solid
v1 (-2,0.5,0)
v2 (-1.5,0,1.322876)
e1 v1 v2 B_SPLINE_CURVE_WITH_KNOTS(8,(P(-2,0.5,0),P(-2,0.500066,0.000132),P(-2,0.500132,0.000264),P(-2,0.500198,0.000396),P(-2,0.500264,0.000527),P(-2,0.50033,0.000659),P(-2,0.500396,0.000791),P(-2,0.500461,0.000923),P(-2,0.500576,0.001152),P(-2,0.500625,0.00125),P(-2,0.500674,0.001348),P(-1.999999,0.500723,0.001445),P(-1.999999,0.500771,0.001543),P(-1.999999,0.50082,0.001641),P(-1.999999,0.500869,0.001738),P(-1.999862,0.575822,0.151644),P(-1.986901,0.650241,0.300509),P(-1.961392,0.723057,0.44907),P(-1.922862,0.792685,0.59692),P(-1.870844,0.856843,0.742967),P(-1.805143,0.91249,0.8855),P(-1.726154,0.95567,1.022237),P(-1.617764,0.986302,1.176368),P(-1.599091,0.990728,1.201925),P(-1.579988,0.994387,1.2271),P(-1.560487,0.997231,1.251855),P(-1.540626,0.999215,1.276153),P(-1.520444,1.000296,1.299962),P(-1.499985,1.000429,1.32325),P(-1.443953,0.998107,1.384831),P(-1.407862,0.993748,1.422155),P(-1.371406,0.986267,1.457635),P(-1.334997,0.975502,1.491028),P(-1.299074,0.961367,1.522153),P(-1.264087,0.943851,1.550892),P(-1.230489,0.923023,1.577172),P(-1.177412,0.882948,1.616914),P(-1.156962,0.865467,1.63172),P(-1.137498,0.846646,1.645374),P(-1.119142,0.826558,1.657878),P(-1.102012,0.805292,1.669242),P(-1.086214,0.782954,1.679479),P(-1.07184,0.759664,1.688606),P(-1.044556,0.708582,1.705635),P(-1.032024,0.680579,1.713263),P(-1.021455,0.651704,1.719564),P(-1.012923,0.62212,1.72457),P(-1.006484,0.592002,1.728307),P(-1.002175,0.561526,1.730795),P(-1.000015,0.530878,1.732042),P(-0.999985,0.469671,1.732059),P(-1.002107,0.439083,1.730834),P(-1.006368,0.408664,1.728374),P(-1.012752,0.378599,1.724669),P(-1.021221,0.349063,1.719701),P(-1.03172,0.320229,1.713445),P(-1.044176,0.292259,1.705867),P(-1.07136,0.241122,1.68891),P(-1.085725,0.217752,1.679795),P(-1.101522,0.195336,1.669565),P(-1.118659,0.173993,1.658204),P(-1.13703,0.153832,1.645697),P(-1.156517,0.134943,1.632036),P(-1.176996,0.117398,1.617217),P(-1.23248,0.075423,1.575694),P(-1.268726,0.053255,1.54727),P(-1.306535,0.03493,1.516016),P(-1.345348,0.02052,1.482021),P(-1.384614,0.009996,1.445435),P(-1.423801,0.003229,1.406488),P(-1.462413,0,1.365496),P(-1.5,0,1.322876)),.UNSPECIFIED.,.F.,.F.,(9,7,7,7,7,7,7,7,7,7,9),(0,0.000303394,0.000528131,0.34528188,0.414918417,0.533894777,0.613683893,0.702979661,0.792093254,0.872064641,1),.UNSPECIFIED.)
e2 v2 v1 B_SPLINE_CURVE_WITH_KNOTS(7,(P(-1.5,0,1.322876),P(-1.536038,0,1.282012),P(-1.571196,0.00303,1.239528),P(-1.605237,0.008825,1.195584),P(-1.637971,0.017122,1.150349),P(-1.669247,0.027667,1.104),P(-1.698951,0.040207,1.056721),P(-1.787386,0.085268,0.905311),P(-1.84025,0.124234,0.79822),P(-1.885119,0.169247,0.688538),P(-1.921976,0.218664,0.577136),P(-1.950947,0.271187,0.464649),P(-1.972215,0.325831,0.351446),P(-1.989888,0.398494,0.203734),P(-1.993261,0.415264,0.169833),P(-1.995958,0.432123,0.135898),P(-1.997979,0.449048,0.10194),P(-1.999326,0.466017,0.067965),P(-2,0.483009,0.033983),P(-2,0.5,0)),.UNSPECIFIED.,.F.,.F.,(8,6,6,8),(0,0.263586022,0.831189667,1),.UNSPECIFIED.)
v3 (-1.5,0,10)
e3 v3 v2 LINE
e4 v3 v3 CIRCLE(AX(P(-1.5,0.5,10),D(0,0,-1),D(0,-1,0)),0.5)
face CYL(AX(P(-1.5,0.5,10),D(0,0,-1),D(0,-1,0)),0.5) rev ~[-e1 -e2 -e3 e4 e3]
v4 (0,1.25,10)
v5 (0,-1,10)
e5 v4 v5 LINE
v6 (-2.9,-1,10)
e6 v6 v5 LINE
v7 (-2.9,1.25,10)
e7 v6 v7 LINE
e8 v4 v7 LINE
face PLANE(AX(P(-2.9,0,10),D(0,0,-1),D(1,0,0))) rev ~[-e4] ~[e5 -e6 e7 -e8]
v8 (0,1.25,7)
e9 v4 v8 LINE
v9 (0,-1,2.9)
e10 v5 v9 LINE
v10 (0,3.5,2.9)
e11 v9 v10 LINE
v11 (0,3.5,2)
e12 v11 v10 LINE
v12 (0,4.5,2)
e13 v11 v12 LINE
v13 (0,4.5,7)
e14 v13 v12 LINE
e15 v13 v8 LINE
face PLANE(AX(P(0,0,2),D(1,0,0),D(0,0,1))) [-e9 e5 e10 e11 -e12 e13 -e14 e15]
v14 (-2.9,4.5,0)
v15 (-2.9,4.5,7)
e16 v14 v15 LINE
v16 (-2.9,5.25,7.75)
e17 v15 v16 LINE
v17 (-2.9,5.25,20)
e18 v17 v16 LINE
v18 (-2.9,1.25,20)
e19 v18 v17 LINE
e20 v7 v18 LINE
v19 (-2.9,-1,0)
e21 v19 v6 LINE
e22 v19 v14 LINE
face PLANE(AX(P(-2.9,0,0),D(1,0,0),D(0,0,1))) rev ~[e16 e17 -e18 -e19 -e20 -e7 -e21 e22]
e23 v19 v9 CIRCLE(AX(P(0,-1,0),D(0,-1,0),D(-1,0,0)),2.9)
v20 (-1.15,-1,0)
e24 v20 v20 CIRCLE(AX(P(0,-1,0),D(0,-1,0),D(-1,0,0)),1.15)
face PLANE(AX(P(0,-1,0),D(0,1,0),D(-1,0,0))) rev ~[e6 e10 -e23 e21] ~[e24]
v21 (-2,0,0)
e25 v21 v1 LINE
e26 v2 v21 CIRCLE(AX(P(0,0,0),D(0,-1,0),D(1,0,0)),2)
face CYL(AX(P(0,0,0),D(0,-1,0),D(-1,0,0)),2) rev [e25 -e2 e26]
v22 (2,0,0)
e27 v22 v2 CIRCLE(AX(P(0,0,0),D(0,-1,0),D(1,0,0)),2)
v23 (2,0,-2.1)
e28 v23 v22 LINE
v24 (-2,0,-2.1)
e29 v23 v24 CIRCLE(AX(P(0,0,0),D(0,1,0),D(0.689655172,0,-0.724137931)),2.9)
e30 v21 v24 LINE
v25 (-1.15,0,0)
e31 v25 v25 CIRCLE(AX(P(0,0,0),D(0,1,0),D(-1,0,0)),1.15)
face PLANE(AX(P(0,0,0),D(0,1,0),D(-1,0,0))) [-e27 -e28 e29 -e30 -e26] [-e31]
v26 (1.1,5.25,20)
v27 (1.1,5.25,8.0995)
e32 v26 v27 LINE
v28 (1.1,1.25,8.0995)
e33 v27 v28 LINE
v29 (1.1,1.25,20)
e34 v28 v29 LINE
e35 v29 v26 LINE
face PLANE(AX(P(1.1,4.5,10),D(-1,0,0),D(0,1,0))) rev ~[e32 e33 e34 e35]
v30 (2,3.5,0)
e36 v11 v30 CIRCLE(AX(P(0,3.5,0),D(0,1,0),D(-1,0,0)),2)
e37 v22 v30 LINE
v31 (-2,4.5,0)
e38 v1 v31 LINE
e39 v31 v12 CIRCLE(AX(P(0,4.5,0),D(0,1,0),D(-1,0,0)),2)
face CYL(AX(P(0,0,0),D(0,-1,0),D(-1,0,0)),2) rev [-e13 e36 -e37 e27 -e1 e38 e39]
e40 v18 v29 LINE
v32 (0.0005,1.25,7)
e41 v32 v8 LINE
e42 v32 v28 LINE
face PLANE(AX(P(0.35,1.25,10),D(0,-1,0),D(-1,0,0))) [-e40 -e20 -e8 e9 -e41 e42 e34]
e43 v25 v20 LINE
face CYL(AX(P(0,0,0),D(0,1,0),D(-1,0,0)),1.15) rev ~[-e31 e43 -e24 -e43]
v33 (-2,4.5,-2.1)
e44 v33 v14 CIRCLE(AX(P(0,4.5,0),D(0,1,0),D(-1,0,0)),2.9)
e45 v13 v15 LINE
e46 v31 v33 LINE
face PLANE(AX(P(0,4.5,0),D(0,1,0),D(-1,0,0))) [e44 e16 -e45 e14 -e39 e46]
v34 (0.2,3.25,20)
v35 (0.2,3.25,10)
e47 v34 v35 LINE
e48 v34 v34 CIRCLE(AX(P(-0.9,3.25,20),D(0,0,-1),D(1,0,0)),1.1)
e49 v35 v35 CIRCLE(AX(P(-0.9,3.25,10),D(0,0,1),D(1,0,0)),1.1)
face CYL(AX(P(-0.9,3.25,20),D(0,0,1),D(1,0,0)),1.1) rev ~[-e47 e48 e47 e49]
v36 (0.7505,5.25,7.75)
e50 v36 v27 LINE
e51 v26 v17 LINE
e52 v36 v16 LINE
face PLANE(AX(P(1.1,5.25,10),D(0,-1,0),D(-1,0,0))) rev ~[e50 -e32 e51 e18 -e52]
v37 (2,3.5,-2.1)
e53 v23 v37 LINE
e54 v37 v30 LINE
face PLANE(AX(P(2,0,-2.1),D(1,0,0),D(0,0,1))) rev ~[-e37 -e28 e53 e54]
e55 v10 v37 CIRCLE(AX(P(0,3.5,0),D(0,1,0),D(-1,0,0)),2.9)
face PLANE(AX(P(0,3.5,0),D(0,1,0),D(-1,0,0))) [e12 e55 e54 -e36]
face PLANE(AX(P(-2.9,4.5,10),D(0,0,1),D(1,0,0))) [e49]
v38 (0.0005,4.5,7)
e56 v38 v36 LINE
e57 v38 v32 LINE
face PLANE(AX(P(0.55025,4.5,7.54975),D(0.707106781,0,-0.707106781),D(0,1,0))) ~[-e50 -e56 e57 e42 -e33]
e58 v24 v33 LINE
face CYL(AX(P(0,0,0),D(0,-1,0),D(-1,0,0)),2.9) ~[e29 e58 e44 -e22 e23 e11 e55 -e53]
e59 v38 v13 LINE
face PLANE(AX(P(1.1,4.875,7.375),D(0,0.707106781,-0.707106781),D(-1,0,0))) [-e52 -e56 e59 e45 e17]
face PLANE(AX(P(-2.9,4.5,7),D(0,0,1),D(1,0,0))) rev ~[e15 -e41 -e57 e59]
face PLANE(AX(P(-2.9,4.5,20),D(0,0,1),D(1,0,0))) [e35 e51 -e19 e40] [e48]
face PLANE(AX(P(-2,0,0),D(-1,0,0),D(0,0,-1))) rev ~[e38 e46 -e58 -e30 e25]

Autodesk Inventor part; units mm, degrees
ref_plane "YZ Plane" through (0, 0, 0) normal (1, 0, 0) x (0, 1, 0)
ref_plane "XZ Plane" through (0, 0, 0) normal (0, 1, 0) x (-1, 0, 0)
ref_plane "XY Plane" through (0, 0, 0) normal (0, 0, 1) x (1, 0, 0)
sketch "スケッチ1" plane through (0, 0, 0) normal (0, 1, 0) x (-1, 0, 0)
  circle A0 centre (0, 0) radius 1.15
  circle A1 centre (0, 0) radius 2
  circle A2 centre (0, 0) radius 2.9
  line L0 (-2, 0) -> (2, 0)
  line L1 (2, 0) -> (2, -2.9)
  line L2 (2, -2.9) -> (-2, -2.9)
  line L3 (-2, -2.9) -> (-2, 0)
  line L4 (0, 0) -> (0, 2.9)
  line L5 (0, 0) -> (2.9, 0)
  line L6 (2.9, 0) -> (2.9, 10)
  line L7 (2.9, 10) -> (0, 10)
  line L8 (0, 10) -> (0, 0)
  point P0 (0, 2)
  point P1 (2, -2.1)
  point P2 (-2, -2.1)
  dimension "d1" = 4
  dimension "d2" = 5.8
  dimension "d0" = 2.3
  dimension "d3" = 10
extrude "押し出し1" add sketch "スケッチ1" along normal blind 4.5 contours L5 A2 L1 | A1 L4 A2 L5 | A2 L8 L7 L6
extrude "押し出し2" add sketch "スケッチ1" along normal blind 3.5 contours A1 L3 A2 L4
extrude "押し出し3" add sketch "スケッチ1" against normal blind 1 contours L0 A1 A0 | A0 L4 A1 L0 | A0 L0 A1 L4 | L1 A2 L3 A1 | L5 A2 L1 | A1 L4 A2 L5 | A1 L3 A2 L4 | A2 L8 L7 L6
sketch "スケッチ2" plane through (-2.9, 4.5, 10) normal (0, 0, 1) x (1, 0, 0)
  line L0 (2.9, -4.5) -> (1.4, -4.5)
  line L1 (1.4, -4.5) -> (1.4, -4)
  line L2 (1.4, -4) -> (2.9, -4)
  line L3 (2.9, -4) -> (2.9, -4.5)
  dimension "d10" = 1.5
  dimension "d11" = 0.5
hole "穴1" at (-1.5, 0.5, 10) direction (0, 0, -1) diameter 1 end through all
sketch "スケッチ3" plane through (-2.9, 4.5, 10) normal (0, 0, 1) x (1, 0, 0)
  line L0 (0.9, 0) -> (0, 0) projected
  line L1 (0, 0) -> (4, 0)
  line L2 (4, 0) -> (4, -4)
  line L3 (4, -4) -> (0, -4)
  line L4 (0, -4) -> (0, 0)
  line L5 (0, 0) -> (3.25, 0)
  line L6 (3.25, 0) -> (3.25, -3.25)
  line L7 (3.25, -3.25) -> (0, -3.25)
  line L8 (0, -3.25) -> (0, 0)
  line L9 (0, 0) -> (1.625, 0)
  line L10 (1.625, 0) -> (1.625, -1.625)
  line L11 (1.625, -1.625) -> (0, -1.625)
  line L12 (0, -1.625) -> (0, 0)
  line L13 (0, -3.25) -> (4, -3.25)
  line L14 (4, -3.25) -> (4, 0.75)
  line L15 (4, 0.75) -> (0, 0.75)
  line L16 (0, 0.75) -> (0, -3.25)
  point P0 (2.9, -4.5)
  dimension "d19" = 4
  dimension "d20" = 4
  dimension "d21" = 3.25
  dimension "d22" = 3.25
  dimension "d33" = 4
  dimension "d34" = 4
extrude "押し出し4" add sketch "スケッチ3" along normal blind 10 and the other way blind 3 contours L1 L10 L11 L4 L0 | L0 L16 L15 L14 L1 | L1 L6 L7 L4 L11 L10 | L1 L2 L13 L6
chamfer "面取り1" distance 0.75 angle 45 1 edges at (-0.9, 5.25, 7)
chamfer "面取り2" distance 1.1 angle 45 1 edges at (1.1, 2.8752, 7)
sketch "スケッチ6" plane through (-2.9, 4.5, 20) normal (0, 0, 1) x (1, 0, 0)
  line L0 (0, 0) -> (0, 0.75) projected
  line L1 (0, 0.75) -> (2, 0.75)
  line L2 (2, 0.75) -> (2, -1.25)
  line L3 (2, -1.25) -> (0, -1.25)
  line L4 (0, -1.25) -> (0, 0.75)
  circle A0 centre (2, -1.25) radius 1.1
  point P0 (2.9, -4.5)
  dimension "d41" = 2
  dimension "d42" = 2
  dimension "d43" = 2.2
extrude "押し出し6" cut sketch "スケッチ6" against normal blind 10 contours A0 L2 L3 | L3 L2 A0
properties part number "srod1.6right"
